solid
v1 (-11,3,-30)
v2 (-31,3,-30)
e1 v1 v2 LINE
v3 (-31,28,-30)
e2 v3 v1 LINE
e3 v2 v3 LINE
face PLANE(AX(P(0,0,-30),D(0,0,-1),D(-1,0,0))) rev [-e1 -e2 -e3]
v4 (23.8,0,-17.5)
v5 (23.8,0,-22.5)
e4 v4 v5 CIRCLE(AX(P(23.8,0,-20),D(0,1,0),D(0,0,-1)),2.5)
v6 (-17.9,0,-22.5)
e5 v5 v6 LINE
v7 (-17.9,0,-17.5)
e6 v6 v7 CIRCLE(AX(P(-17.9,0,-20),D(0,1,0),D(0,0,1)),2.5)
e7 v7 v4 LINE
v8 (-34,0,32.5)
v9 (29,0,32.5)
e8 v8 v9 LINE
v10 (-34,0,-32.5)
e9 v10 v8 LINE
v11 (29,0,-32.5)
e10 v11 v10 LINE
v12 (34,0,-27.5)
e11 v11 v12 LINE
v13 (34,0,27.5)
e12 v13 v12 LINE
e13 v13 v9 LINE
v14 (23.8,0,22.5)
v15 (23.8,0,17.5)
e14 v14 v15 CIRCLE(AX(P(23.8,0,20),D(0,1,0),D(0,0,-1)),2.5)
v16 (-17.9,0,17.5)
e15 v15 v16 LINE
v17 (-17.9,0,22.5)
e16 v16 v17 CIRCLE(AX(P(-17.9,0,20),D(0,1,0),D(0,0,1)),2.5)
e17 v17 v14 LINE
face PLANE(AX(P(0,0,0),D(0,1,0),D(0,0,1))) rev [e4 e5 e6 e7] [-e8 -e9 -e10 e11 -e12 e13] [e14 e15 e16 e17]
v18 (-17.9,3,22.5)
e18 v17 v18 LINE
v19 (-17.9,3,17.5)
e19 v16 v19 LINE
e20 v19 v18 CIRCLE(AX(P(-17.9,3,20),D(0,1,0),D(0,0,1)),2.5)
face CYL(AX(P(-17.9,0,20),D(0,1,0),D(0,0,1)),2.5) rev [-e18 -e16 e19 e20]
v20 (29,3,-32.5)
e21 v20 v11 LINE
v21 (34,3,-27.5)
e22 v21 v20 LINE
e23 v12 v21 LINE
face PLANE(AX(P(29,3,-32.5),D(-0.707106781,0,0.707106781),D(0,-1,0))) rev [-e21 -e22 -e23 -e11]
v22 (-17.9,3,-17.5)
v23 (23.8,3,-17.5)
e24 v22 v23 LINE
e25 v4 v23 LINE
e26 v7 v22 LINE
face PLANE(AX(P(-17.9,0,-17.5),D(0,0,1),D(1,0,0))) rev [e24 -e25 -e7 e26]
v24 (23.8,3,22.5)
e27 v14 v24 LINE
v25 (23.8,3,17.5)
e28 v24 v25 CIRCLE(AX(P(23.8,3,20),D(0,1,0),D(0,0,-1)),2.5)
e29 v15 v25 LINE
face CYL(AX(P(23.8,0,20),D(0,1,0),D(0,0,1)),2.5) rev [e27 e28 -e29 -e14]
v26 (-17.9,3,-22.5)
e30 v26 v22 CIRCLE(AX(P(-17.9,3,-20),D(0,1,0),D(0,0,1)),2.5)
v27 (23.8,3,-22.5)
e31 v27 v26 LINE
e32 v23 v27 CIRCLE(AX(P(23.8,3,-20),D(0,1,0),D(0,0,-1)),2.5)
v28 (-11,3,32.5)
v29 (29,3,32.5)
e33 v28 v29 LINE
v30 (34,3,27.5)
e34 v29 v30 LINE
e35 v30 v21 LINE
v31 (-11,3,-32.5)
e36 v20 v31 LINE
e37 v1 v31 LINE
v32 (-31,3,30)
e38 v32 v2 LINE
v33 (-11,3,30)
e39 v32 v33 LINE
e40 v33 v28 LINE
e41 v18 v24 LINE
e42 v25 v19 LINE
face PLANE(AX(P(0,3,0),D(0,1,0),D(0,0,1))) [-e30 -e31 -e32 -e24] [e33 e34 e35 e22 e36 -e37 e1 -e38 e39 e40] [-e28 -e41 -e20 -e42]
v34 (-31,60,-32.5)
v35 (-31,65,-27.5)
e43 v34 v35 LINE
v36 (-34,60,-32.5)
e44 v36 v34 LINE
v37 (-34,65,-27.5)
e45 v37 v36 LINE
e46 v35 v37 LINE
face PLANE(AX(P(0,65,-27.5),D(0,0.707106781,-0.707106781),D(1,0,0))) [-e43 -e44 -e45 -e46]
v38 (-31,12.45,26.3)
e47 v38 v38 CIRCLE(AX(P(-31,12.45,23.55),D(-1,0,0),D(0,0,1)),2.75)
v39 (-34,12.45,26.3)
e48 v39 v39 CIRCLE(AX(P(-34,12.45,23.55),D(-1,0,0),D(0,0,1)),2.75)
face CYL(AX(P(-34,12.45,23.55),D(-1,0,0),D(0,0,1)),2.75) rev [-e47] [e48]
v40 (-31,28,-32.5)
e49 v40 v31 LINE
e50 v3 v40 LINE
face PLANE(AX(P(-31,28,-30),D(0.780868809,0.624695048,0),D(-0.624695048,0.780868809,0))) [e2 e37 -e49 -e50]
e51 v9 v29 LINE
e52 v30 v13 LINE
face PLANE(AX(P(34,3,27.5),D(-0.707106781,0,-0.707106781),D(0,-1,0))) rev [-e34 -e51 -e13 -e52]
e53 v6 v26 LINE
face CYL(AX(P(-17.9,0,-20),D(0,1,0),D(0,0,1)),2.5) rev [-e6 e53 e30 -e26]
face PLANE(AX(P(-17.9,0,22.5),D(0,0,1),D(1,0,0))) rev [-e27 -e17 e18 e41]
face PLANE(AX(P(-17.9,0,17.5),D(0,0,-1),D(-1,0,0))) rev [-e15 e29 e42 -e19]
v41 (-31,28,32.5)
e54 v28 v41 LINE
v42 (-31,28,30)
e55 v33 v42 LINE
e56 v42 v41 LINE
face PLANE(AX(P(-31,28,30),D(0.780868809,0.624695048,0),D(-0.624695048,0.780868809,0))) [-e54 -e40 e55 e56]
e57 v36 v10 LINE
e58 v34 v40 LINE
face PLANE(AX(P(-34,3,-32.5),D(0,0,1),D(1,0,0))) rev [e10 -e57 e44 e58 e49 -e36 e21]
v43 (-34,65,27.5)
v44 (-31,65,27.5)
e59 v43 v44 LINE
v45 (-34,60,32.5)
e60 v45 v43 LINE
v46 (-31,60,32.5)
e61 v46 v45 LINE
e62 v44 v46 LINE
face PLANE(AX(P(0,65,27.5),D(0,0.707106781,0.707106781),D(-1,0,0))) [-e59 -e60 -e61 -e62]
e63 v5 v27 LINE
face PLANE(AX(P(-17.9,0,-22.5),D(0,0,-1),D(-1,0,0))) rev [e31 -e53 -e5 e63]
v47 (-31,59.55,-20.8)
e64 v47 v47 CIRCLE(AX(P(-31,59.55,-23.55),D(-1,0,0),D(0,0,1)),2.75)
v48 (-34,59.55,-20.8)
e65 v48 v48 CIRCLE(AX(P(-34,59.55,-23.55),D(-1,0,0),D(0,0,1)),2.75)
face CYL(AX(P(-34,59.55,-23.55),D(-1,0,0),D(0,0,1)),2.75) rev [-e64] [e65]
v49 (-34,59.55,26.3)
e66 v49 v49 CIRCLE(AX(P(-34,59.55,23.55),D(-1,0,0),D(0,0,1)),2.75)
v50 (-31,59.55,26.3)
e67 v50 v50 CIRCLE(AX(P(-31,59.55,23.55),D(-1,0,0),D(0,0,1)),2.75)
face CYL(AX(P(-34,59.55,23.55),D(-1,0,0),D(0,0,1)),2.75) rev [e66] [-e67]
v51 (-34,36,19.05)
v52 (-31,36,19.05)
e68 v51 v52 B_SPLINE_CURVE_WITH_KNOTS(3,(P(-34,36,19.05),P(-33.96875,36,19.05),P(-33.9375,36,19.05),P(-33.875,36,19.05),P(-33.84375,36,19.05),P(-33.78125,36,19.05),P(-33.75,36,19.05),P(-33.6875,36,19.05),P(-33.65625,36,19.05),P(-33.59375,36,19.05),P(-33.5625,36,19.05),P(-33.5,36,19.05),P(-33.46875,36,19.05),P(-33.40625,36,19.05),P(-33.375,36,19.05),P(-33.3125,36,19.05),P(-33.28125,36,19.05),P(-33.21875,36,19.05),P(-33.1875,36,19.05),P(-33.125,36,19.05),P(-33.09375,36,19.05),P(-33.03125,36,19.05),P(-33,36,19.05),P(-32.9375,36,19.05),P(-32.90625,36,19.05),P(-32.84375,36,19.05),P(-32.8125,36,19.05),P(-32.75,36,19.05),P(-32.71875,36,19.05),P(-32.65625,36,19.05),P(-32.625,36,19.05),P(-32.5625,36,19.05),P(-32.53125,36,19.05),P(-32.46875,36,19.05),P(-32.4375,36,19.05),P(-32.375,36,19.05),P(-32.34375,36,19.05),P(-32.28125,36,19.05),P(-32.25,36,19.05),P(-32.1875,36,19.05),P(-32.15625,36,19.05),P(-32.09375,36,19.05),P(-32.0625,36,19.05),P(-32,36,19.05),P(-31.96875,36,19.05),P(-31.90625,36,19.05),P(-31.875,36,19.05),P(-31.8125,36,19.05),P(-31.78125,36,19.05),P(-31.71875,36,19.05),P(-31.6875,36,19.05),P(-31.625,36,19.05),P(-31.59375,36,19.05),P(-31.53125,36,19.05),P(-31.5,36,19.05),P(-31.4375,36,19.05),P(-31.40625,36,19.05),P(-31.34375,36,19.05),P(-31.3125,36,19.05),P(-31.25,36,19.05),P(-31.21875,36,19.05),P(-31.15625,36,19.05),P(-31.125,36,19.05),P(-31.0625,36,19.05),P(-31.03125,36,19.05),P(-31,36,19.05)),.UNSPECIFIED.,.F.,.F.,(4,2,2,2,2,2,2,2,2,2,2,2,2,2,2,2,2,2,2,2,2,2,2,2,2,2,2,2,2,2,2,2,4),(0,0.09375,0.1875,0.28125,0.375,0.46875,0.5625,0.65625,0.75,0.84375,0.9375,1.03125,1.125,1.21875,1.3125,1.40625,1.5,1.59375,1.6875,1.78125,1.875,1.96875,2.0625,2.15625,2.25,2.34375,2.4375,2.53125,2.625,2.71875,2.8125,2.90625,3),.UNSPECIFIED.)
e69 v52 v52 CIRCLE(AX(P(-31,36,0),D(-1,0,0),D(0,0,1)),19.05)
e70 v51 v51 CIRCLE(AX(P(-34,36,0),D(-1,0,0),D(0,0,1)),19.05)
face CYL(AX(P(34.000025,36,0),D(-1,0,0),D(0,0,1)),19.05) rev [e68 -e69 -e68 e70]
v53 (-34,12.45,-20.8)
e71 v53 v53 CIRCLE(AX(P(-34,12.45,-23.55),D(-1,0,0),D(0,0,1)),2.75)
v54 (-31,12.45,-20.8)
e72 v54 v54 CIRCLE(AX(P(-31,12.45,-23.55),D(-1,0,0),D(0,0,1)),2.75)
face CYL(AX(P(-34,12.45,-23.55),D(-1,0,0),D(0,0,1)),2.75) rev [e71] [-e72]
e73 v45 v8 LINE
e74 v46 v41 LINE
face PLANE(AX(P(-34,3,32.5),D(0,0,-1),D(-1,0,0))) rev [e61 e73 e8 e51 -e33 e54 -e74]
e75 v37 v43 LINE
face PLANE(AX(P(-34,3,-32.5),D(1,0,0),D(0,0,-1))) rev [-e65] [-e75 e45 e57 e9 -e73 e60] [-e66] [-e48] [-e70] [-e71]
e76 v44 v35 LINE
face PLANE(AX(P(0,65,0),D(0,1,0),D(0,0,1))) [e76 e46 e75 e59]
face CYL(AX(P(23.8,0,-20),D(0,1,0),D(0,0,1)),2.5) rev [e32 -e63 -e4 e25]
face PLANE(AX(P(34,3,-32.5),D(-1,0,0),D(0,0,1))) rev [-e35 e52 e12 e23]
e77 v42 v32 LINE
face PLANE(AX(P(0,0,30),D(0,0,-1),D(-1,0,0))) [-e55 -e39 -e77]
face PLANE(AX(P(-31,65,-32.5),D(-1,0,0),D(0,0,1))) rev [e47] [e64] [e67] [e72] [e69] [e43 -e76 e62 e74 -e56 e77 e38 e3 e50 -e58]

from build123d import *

# Parameters (mm, degrees)
SKETCH2_W                  = 68
SKETCH2_H                  = 65
BOSS_EXTRUDE1_DEPTH        = 3
SKETCH3_W                  = 3
SKETCH3_H                  = 65
BOSS_EXTRUDE2_DEPTH        = 62
CUT_EXTRUDE1_DEPTH         = 78.821912081
SKETCH5_R                  = 19.05
CUT_EXTRUDE2_DEPTH         = 100.525122457
F_5_5_5_5_DIAMETER_HOLE1_D = 5.5
CHAMFER1_SIZE              = 5
CHAMFER2_SIZE              = 5
CHAMFER3_SIZE              = 5
BOSS_EXTRUDE3_DEPTH        = 2.5
BOSS_EXTRUDE4_DEPTH        = 2.5


with BuildPart() as part:
    # Sketch2 → Boss-Extrude1 (new body)
    with BuildSketch(Plane(origin=(0, 0, 0), x_dir=(1, 0, 0), z_dir=(0, 1, 0))):
        Rectangle(SKETCH2_W, SKETCH2_H)
    extrude(amount=BOSS_EXTRUDE1_DEPTH)

    # Sketch3 → Boss-Extrude2 (add)
    with BuildSketch(Plane(origin=(0, 3, 0), x_dir=(1, 0, 0), z_dir=(0, 1, 0))):
        with Locations((-32.5, 0)):
            Rectangle(SKETCH3_W, SKETCH3_H)
    extrude(amount=BOSS_EXTRUDE2_DEPTH)

    # Sketch4 → Cut-Extrude1 (cut, through all)
    with BuildSketch(Plane(origin=(0, 3, 0), x_dir=(1, 0, 0), z_dir=(0, 1, 0))):
        with BuildLine():
            Line((-17.9, 22.5), (23.8, 22.5))
            ThreePointArc((23.8, 22.5), (26.3, 20), (23.8, 17.5))
            Line((23.8, 17.5), (-17.9, 17.5))
            ThreePointArc((-17.9, 17.5), (-20.4, 20), (-17.9, 22.5))
        make_face()
        with BuildLine():
            Line((-17.9, -17.5), (23.8, -17.5))
            ThreePointArc((23.8, -17.5), (26.3, -20), (23.8, -22.5))
            Line((23.8, -22.5), (-17.9, -22.5))
            ThreePointArc((-17.9, -22.5), (-20.4, -20), (-17.9, -17.5))
        make_face()
    extrude(amount=-CUT_EXTRUDE1_DEPTH, mode=Mode.SUBTRACT)

    # Sketch5 → Cut-Extrude2 (cut, through all)
    with BuildSketch(Plane.ZY.offset(34)):
        with Locations((0, 36)):
            Circle(SKETCH5_R)
    extrude(amount=-CUT_EXTRUDE2_DEPTH, mode=Mode.SUBTRACT)

    # Ø5.5 (5.5) Diameter Hole1 (through all)
    with Locations(Plane.ZY.offset(34)):
        with Locations((23.55, 59.55), (-23.55, 59.55), (-23.55, 12.45), (23.55, 12.45)):
            Hole(F_5_5_5_5_DIAMETER_HOLE1_D / 2)

    # Chamfer1
    chamfer1_edges = [part.edges().sort_by_distance(p)[0] for p in [
        (-32.5, 65, -32.5),
    ]]
    chamfer(chamfer1_edges, length=CHAMFER1_SIZE)

    # Chamfer2
    chamfer2_edges = [part.edges().sort_by_distance(p)[0] for p in [
        (-32.5, 65, 32.5),
    ]]
    chamfer(chamfer2_edges, length=CHAMFER2_SIZE)

    # Chamfer3
    chamfer3_edges = [part.edges().sort_by_distance(p)[0] for p in [
        (34, 1.5, 32.5),
        (34, 1.5, -32.5),
    ]]
    chamfer(chamfer3_edges, length=CHAMFER3_SIZE)

    # Sketch8 → Boss-Extrude3 (add)
    with BuildSketch(Plane.XY.offset(32.5)):
        Polygon((-31, 3), (-31, 28), (-11, 3), align=None)
    extrude(amount=-BOSS_EXTRUDE3_DEPTH)

    # Sketch9 → Boss-Extrude4 (add)
    with BuildSketch(Plane(origin=(0, 0, -32.5), x_dir=(-1, 0, 0), z_dir=(0, 0, -1))):
        Polygon((31, 3), (31, 28), (11, 3), align=None)
    extrude(amount=-BOSS_EXTRUDE4_DEPTH)


solid = part.part
